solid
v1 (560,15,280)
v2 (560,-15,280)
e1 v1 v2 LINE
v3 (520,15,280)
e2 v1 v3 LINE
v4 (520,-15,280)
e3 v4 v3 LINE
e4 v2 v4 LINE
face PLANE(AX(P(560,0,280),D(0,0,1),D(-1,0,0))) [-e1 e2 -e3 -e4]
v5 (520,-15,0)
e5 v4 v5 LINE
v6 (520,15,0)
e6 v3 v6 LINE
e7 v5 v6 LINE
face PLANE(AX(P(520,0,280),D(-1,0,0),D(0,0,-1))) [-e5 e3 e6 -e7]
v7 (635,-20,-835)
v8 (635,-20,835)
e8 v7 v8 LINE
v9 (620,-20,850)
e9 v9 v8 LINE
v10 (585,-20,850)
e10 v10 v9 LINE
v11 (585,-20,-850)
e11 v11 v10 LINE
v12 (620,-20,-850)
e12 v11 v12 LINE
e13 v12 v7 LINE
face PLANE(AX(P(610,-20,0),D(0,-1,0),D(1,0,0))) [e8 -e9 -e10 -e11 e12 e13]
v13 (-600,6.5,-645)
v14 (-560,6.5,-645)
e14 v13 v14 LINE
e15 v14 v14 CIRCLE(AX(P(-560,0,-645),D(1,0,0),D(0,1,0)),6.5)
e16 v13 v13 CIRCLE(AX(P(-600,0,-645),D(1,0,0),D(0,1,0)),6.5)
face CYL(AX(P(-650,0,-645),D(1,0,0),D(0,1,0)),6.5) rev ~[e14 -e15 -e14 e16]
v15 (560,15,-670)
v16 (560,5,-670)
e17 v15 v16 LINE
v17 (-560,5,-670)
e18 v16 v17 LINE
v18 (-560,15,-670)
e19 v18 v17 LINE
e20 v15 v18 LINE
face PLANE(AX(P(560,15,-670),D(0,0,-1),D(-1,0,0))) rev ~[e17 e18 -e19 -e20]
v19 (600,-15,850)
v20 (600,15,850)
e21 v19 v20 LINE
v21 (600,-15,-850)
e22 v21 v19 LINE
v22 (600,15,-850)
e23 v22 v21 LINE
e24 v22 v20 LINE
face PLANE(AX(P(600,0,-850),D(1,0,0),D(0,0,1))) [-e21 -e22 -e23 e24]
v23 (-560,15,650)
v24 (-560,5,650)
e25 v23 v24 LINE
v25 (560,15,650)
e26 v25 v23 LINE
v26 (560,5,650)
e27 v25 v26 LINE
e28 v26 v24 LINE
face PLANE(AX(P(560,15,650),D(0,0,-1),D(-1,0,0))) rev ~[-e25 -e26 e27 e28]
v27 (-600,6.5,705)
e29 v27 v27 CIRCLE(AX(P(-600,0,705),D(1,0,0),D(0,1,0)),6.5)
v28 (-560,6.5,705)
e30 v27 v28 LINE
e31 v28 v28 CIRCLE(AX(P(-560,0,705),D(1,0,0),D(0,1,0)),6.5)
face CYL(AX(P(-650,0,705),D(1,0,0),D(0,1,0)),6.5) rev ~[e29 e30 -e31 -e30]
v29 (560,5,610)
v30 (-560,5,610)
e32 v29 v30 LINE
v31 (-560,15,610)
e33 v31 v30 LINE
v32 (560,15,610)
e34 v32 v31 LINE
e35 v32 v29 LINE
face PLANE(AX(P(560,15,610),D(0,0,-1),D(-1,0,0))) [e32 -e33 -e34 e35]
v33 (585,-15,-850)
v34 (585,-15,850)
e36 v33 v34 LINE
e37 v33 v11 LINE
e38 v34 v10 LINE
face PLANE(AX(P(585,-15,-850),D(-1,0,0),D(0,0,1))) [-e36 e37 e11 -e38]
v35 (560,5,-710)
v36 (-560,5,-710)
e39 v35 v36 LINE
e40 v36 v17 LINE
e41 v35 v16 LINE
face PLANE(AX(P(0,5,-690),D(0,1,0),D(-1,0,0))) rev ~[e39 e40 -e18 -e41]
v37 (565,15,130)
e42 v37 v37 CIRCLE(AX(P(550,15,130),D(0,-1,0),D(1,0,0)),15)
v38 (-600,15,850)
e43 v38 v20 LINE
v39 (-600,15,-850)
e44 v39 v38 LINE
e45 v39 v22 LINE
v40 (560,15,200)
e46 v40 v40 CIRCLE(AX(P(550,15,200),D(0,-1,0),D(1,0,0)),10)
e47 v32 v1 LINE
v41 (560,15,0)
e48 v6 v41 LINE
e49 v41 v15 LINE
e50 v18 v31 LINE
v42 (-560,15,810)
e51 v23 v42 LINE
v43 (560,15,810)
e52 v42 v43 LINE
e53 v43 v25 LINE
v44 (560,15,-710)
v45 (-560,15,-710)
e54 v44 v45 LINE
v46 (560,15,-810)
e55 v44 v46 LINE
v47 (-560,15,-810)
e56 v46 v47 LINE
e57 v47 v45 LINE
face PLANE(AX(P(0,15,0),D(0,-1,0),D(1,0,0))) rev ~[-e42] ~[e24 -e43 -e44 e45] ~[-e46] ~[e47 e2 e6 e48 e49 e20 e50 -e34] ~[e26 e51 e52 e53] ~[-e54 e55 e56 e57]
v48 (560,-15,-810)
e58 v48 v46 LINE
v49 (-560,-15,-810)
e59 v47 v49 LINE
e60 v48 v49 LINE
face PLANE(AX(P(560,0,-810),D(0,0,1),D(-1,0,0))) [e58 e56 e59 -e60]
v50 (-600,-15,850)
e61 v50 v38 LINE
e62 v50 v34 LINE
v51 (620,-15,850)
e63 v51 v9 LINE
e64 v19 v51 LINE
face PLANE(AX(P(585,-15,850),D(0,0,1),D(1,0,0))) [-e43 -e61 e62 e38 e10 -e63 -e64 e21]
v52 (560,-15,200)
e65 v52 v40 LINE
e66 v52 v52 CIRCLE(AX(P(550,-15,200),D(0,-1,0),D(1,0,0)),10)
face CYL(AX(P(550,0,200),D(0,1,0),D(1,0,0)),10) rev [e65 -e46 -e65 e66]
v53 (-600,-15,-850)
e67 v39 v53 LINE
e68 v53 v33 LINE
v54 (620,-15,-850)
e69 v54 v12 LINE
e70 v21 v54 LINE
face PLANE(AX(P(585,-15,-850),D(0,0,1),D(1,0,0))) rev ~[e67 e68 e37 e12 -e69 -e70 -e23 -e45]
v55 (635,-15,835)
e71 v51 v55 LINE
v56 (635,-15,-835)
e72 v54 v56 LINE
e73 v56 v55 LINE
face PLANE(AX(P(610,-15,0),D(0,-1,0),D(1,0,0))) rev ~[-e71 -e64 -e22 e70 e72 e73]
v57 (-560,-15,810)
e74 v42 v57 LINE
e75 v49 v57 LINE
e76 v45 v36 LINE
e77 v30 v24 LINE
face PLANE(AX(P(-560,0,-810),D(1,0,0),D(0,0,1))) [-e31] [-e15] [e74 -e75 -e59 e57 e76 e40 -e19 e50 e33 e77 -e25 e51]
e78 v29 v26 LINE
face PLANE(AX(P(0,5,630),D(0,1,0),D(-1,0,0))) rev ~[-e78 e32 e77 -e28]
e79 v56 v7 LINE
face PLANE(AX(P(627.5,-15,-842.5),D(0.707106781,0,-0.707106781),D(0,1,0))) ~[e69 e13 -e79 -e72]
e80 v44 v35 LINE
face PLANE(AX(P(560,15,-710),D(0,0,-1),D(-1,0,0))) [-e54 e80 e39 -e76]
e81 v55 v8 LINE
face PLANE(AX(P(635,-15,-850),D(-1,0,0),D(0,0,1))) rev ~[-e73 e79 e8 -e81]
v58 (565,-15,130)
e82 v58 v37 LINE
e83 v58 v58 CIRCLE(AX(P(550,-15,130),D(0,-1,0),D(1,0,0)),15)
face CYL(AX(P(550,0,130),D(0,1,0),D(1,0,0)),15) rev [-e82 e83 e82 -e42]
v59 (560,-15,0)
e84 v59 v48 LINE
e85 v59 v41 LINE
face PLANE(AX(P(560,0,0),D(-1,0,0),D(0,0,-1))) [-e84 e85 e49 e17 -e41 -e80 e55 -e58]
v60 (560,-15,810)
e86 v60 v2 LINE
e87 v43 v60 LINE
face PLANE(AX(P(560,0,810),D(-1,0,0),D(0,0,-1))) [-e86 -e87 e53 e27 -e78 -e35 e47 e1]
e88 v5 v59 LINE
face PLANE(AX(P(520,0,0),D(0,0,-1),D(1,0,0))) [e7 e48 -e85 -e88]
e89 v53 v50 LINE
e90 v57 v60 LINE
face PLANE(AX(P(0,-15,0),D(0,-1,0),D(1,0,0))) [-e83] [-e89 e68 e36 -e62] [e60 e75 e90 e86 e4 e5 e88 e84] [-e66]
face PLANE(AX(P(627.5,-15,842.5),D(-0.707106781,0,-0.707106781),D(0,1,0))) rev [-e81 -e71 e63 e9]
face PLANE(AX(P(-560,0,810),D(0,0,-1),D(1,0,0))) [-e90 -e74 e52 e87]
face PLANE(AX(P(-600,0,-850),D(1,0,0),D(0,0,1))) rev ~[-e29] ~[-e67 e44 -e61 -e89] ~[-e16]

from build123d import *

# Parameters (mm, degrees)
F0_W     = 1200
F0_H     = 1700
F0_R     = 15
F0_R_2   = 10
F1_DEPTH = 15
F2_W     = 1120
F2_H     = 40
F3_DEPTH = 10
F5_D     = 13
F5_DEPTH = 50
F5_TIP   = 3.9055940237
F6_D     = 13
F6_DEPTH = 50
F6_TIP   = 3.9055940237
F7_W     = 50
F7_H     = 1700
F8_DEPTH = 5
F9_SIZE  = 15


with BuildPart() as f1:
    # F0 (on Front) → F1 (new body, symmetric)
    with BuildSketch(Plane.XZ):
        Rectangle(F0_W, F0_H)
        Polygon((-560, -810), (-560, 810), (560, 810), (560, 280), (520, 280), (520, 0), (560, 0), (560, -810), align=None, mode=Mode.SUBTRACT)
        with Locations((550, 130)):
            Circle(F0_R, mode=Mode.SUBTRACT)
        with Locations((550, 200)):
            Circle(F0_R_2, mode=Mode.SUBTRACT)
    extrude(amount=F1_DEPTH, both=True)

    # F2 (on face) → F3 (join)
    with BuildSketch(Plane(origin=(0, 15, 0), x_dir=(-1, 0, 0), z_dir=(0, 1, 0))):
        with Locations((0, 630)):
            Rectangle(F2_W, F2_H)
        with Locations((0, -690)):
            Rectangle(F2_W, F2_H)
    extrude(amount=-F3_DEPTH)

    # F5
    with Locations(Plane(origin=(-600, 0, 0), x_dir=(0, -1, 0), z_dir=(-1, 0, 0))):
        with Locations((0, -645)):
            Hole(F5_D / 2, depth=F5_DEPTH)
            with Locations((0, 0, -(F5_DEPTH + F5_TIP / 2))):  # 118° drill point
                Cone(0, F5_D / 2, F5_TIP, mode=Mode.SUBTRACT)

    # F6
    with Locations(Plane(origin=(-600, 0, 0), x_dir=(0, -1, 0), z_dir=(-1, 0, 0))):
        with Locations((0, 705)):
            Hole(F6_D / 2, depth=F6_DEPTH)
            with Locations((0, 0, -(F6_DEPTH + F6_TIP / 2))):  # 118° drill point
                Cone(0, F6_D / 2, F6_TIP, mode=Mode.SUBTRACT)

    # F7 (on face) → F8 (join)
    with BuildSketch(Plane.XZ.offset(15)):
        with Locations((610, 0)):
            Rectangle(F7_W, F7_H)
    extrude(amount=F8_DEPTH)

    # F9
    f9_edges = [f1.edges().sort_by_distance(p)[0] for p in [
        (635, -17.5, -850),
        (635, -17.5, 850),
    ]]
    chamfer(f9_edges, length=F9_SIZE)


solid = f1.part
